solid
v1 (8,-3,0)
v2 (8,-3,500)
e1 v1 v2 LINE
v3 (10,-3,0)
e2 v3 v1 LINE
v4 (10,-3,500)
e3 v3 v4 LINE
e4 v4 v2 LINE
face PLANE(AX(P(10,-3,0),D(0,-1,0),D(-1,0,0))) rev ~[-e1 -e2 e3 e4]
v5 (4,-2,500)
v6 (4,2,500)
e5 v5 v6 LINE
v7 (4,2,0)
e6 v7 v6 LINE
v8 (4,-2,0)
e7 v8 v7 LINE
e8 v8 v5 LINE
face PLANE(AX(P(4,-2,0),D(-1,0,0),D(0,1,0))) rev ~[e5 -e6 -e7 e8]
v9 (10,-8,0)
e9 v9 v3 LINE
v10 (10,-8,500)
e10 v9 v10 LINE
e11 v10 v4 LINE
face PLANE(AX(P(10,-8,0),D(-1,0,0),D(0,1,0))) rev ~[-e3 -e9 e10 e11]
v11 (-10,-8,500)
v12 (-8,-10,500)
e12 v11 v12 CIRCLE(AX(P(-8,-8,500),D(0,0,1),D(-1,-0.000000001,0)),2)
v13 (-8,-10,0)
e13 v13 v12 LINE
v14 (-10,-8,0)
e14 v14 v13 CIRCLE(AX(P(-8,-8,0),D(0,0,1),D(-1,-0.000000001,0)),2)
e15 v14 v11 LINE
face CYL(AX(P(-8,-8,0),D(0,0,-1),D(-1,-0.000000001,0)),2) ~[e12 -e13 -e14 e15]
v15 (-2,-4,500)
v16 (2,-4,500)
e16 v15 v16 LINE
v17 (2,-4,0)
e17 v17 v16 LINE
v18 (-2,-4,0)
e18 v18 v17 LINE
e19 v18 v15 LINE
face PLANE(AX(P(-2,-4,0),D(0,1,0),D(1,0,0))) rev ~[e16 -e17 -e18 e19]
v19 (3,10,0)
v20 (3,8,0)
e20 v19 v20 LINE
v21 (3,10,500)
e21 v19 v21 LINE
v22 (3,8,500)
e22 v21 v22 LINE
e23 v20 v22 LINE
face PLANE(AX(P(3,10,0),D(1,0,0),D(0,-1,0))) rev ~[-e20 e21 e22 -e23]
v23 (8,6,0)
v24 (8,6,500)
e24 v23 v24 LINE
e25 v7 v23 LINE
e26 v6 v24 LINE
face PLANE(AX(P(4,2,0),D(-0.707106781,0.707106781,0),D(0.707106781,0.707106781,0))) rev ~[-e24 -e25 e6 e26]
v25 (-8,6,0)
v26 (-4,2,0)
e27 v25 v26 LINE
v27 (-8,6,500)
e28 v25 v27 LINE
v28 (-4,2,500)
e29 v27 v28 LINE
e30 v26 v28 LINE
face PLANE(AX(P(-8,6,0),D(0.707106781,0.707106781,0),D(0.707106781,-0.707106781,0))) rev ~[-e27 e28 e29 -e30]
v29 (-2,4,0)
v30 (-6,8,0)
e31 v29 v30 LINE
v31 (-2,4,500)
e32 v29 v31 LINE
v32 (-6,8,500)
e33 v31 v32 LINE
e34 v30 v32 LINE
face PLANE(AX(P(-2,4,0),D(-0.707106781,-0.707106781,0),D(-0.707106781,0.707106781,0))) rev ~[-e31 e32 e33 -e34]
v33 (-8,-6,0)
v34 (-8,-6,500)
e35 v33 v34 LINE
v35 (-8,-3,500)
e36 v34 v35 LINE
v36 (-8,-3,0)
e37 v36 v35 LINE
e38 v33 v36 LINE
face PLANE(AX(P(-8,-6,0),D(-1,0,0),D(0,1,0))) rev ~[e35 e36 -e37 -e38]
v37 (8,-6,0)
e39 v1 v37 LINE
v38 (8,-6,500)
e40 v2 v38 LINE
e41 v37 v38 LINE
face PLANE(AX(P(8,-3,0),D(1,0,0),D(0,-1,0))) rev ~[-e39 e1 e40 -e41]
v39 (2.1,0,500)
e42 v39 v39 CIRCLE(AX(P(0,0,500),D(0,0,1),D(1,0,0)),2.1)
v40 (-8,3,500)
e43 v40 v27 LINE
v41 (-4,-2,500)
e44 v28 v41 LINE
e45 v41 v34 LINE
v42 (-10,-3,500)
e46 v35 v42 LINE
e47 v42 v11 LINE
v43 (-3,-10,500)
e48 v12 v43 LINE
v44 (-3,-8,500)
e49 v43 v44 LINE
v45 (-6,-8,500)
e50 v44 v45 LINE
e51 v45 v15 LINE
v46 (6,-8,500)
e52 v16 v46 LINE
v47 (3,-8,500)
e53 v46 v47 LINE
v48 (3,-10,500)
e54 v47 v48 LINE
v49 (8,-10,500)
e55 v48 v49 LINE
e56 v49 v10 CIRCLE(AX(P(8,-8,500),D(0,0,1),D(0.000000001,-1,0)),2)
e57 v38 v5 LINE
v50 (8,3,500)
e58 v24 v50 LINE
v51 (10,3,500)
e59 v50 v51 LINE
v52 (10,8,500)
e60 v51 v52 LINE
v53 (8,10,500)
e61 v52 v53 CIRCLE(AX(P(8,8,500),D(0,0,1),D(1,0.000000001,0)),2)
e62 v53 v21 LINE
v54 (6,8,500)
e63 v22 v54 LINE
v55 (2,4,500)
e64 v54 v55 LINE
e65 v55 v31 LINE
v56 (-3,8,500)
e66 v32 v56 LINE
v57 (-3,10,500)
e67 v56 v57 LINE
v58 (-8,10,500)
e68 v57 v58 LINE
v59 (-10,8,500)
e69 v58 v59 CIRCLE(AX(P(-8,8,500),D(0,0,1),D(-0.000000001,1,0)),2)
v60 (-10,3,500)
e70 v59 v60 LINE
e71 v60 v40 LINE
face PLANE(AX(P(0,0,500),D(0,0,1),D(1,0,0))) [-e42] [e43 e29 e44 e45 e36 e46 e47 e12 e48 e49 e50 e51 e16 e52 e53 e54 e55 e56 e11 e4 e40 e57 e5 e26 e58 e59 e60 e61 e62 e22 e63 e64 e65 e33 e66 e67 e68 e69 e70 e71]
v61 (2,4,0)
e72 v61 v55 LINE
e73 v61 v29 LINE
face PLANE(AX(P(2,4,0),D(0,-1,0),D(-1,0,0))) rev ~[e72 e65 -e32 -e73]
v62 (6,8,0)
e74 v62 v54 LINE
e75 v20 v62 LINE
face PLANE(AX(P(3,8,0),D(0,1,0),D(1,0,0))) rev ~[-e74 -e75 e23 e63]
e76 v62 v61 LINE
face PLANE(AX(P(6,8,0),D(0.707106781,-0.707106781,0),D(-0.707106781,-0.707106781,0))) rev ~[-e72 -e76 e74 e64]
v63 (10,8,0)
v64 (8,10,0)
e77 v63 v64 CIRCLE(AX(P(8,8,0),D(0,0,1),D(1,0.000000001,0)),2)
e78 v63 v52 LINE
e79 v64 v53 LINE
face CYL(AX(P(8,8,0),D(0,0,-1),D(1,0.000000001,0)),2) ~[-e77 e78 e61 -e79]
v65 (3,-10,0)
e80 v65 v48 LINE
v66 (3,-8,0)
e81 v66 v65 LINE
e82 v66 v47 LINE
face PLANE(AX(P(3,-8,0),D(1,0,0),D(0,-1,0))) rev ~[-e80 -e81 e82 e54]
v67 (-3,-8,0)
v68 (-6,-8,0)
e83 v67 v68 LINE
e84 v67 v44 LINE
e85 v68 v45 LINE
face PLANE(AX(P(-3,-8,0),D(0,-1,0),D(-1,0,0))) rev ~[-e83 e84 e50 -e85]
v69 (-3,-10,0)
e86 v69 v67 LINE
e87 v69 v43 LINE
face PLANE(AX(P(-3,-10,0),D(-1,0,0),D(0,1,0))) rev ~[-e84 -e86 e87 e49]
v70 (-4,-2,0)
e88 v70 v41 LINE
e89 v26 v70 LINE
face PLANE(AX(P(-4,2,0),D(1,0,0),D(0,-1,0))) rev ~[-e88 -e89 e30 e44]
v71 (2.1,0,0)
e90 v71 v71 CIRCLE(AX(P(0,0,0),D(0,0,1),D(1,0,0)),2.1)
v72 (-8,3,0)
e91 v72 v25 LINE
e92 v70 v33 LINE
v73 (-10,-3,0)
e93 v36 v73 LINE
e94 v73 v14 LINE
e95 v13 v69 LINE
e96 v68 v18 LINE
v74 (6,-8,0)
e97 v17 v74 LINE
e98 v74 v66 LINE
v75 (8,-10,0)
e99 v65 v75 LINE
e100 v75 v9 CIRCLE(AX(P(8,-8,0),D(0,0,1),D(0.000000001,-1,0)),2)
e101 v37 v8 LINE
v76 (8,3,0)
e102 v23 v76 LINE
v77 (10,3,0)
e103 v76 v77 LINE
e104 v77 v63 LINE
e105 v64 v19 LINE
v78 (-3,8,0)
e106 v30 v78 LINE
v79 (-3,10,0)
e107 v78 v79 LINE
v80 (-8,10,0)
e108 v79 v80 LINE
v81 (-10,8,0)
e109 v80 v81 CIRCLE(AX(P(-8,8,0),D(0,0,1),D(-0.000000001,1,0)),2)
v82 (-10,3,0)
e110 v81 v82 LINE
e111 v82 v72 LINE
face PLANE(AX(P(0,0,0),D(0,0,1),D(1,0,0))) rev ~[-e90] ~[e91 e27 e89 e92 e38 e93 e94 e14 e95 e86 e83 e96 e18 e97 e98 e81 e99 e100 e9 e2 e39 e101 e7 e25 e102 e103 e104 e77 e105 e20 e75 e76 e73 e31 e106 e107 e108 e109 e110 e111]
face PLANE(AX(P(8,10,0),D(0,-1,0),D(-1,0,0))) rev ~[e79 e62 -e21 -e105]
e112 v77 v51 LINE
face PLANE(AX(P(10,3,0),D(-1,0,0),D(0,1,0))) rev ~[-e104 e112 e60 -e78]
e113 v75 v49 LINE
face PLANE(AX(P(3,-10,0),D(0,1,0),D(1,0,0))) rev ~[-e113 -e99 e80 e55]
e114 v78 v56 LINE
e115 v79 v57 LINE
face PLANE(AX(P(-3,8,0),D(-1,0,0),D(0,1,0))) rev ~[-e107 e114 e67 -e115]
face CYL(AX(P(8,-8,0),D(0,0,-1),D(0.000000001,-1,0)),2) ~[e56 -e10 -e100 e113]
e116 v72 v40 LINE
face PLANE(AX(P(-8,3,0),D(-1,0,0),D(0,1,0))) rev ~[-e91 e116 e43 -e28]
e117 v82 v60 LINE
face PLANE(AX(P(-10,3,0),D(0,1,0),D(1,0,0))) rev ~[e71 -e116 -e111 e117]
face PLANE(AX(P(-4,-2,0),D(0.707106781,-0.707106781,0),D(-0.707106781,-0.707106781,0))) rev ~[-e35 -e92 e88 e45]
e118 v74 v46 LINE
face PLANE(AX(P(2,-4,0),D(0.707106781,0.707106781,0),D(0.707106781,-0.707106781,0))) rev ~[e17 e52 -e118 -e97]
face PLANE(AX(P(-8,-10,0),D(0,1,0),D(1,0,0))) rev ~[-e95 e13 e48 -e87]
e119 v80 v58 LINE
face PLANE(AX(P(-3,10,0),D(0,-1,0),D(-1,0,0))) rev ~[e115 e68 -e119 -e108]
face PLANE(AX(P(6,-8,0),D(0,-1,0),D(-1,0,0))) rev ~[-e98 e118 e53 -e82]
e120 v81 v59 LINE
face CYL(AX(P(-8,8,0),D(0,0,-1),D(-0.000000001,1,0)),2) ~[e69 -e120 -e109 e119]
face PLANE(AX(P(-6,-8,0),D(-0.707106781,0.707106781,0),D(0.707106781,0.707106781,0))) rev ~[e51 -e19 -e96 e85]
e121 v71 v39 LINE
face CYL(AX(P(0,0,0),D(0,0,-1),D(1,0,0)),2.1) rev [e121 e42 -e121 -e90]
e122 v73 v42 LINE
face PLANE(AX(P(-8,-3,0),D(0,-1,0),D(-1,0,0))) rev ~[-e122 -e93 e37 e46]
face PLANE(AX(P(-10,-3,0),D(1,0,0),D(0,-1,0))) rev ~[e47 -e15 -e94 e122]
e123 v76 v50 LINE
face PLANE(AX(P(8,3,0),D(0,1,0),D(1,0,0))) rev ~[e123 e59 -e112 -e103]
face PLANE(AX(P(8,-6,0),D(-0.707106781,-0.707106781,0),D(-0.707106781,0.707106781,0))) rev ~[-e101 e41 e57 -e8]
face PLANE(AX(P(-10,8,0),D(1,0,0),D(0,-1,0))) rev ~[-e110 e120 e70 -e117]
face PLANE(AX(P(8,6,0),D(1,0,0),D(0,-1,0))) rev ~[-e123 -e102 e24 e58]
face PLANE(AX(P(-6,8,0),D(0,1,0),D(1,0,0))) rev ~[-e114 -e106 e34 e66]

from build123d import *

# Parameters (mm, degrees)
SKETCH1_R           = 2.1
BOSS_EXTRUDE1_DEPTH = 500


with BuildPart() as part:
    # Sketch1 → Boss-Extrude1 (new body)
    with BuildSketch(Plane.XY):
        with BuildLine():
            Line((-2, -4), (2, -4))
            Line((2, -4), (6, -8))
            Line((6, -8), (3, -8))
            Line((3, -8), (3, -10))
            Line((3, -10), (8, -10))
            ThreePointArc((8, -10), (9.414213562, -9.414213562), (10, -8))
            Line((10, -8), (10, -3))
            Line((10, -3), (8, -3))
            Line((8, -3), (8, -6))
            Line((8, -6), (4, -2))
            Line((4, -2), (4, 2))
            Line((4, 2), (8, 6))
            Line((8, 6), (8, 3))
            Line((8, 3), (10, 3))
            Line((10, 3), (10, 8))
            ThreePointArc((10, 8), (9.414213562, 9.414213562), (8, 10))
            Line((8, 10), (3, 10))
            Line((3, 10), (3, 8))
            Line((3, 8), (6, 8))
            Line((6, 8), (2, 4))
            Line((2, 4), (-2, 4))
            Line((-2, 4), (-6, 8))
            Line((-6, 8), (-3, 8))
            Line((-3, 8), (-3, 10))
            Line((-3, 10), (-8, 10))
            ThreePointArc((-8, 10), (-9.414213562, 9.414213562), (-10, 8))
            Line((-10, 8), (-10, 3))
            Line((-10, 3), (-8, 3))
            Line((-8, 3), (-8, 6))
            Line((-8, 6), (-4, 2))
            Line((-4, 2), (-4, -2))
            Line((-4, -2), (-8, -6))
            Line((-8, -6), (-8, -3))
            Line((-8, -3), (-10, -3))
            Line((-10, -3), (-10, -8))
            ThreePointArc((-10, -8), (-9.414213562, -9.414213562), (-8, -10))
            Line((-8, -10), (-3, -10))
            Line((-3, -10), (-3, -8))
            Line((-3, -8), (-6, -8))
            Line((-6, -8), (-2, -4))
        make_face()
        Circle(SKETCH1_R, mode=Mode.SUBTRACT)
    extrude(amount=BOSS_EXTRUDE1_DEPTH)


solid = part.part
